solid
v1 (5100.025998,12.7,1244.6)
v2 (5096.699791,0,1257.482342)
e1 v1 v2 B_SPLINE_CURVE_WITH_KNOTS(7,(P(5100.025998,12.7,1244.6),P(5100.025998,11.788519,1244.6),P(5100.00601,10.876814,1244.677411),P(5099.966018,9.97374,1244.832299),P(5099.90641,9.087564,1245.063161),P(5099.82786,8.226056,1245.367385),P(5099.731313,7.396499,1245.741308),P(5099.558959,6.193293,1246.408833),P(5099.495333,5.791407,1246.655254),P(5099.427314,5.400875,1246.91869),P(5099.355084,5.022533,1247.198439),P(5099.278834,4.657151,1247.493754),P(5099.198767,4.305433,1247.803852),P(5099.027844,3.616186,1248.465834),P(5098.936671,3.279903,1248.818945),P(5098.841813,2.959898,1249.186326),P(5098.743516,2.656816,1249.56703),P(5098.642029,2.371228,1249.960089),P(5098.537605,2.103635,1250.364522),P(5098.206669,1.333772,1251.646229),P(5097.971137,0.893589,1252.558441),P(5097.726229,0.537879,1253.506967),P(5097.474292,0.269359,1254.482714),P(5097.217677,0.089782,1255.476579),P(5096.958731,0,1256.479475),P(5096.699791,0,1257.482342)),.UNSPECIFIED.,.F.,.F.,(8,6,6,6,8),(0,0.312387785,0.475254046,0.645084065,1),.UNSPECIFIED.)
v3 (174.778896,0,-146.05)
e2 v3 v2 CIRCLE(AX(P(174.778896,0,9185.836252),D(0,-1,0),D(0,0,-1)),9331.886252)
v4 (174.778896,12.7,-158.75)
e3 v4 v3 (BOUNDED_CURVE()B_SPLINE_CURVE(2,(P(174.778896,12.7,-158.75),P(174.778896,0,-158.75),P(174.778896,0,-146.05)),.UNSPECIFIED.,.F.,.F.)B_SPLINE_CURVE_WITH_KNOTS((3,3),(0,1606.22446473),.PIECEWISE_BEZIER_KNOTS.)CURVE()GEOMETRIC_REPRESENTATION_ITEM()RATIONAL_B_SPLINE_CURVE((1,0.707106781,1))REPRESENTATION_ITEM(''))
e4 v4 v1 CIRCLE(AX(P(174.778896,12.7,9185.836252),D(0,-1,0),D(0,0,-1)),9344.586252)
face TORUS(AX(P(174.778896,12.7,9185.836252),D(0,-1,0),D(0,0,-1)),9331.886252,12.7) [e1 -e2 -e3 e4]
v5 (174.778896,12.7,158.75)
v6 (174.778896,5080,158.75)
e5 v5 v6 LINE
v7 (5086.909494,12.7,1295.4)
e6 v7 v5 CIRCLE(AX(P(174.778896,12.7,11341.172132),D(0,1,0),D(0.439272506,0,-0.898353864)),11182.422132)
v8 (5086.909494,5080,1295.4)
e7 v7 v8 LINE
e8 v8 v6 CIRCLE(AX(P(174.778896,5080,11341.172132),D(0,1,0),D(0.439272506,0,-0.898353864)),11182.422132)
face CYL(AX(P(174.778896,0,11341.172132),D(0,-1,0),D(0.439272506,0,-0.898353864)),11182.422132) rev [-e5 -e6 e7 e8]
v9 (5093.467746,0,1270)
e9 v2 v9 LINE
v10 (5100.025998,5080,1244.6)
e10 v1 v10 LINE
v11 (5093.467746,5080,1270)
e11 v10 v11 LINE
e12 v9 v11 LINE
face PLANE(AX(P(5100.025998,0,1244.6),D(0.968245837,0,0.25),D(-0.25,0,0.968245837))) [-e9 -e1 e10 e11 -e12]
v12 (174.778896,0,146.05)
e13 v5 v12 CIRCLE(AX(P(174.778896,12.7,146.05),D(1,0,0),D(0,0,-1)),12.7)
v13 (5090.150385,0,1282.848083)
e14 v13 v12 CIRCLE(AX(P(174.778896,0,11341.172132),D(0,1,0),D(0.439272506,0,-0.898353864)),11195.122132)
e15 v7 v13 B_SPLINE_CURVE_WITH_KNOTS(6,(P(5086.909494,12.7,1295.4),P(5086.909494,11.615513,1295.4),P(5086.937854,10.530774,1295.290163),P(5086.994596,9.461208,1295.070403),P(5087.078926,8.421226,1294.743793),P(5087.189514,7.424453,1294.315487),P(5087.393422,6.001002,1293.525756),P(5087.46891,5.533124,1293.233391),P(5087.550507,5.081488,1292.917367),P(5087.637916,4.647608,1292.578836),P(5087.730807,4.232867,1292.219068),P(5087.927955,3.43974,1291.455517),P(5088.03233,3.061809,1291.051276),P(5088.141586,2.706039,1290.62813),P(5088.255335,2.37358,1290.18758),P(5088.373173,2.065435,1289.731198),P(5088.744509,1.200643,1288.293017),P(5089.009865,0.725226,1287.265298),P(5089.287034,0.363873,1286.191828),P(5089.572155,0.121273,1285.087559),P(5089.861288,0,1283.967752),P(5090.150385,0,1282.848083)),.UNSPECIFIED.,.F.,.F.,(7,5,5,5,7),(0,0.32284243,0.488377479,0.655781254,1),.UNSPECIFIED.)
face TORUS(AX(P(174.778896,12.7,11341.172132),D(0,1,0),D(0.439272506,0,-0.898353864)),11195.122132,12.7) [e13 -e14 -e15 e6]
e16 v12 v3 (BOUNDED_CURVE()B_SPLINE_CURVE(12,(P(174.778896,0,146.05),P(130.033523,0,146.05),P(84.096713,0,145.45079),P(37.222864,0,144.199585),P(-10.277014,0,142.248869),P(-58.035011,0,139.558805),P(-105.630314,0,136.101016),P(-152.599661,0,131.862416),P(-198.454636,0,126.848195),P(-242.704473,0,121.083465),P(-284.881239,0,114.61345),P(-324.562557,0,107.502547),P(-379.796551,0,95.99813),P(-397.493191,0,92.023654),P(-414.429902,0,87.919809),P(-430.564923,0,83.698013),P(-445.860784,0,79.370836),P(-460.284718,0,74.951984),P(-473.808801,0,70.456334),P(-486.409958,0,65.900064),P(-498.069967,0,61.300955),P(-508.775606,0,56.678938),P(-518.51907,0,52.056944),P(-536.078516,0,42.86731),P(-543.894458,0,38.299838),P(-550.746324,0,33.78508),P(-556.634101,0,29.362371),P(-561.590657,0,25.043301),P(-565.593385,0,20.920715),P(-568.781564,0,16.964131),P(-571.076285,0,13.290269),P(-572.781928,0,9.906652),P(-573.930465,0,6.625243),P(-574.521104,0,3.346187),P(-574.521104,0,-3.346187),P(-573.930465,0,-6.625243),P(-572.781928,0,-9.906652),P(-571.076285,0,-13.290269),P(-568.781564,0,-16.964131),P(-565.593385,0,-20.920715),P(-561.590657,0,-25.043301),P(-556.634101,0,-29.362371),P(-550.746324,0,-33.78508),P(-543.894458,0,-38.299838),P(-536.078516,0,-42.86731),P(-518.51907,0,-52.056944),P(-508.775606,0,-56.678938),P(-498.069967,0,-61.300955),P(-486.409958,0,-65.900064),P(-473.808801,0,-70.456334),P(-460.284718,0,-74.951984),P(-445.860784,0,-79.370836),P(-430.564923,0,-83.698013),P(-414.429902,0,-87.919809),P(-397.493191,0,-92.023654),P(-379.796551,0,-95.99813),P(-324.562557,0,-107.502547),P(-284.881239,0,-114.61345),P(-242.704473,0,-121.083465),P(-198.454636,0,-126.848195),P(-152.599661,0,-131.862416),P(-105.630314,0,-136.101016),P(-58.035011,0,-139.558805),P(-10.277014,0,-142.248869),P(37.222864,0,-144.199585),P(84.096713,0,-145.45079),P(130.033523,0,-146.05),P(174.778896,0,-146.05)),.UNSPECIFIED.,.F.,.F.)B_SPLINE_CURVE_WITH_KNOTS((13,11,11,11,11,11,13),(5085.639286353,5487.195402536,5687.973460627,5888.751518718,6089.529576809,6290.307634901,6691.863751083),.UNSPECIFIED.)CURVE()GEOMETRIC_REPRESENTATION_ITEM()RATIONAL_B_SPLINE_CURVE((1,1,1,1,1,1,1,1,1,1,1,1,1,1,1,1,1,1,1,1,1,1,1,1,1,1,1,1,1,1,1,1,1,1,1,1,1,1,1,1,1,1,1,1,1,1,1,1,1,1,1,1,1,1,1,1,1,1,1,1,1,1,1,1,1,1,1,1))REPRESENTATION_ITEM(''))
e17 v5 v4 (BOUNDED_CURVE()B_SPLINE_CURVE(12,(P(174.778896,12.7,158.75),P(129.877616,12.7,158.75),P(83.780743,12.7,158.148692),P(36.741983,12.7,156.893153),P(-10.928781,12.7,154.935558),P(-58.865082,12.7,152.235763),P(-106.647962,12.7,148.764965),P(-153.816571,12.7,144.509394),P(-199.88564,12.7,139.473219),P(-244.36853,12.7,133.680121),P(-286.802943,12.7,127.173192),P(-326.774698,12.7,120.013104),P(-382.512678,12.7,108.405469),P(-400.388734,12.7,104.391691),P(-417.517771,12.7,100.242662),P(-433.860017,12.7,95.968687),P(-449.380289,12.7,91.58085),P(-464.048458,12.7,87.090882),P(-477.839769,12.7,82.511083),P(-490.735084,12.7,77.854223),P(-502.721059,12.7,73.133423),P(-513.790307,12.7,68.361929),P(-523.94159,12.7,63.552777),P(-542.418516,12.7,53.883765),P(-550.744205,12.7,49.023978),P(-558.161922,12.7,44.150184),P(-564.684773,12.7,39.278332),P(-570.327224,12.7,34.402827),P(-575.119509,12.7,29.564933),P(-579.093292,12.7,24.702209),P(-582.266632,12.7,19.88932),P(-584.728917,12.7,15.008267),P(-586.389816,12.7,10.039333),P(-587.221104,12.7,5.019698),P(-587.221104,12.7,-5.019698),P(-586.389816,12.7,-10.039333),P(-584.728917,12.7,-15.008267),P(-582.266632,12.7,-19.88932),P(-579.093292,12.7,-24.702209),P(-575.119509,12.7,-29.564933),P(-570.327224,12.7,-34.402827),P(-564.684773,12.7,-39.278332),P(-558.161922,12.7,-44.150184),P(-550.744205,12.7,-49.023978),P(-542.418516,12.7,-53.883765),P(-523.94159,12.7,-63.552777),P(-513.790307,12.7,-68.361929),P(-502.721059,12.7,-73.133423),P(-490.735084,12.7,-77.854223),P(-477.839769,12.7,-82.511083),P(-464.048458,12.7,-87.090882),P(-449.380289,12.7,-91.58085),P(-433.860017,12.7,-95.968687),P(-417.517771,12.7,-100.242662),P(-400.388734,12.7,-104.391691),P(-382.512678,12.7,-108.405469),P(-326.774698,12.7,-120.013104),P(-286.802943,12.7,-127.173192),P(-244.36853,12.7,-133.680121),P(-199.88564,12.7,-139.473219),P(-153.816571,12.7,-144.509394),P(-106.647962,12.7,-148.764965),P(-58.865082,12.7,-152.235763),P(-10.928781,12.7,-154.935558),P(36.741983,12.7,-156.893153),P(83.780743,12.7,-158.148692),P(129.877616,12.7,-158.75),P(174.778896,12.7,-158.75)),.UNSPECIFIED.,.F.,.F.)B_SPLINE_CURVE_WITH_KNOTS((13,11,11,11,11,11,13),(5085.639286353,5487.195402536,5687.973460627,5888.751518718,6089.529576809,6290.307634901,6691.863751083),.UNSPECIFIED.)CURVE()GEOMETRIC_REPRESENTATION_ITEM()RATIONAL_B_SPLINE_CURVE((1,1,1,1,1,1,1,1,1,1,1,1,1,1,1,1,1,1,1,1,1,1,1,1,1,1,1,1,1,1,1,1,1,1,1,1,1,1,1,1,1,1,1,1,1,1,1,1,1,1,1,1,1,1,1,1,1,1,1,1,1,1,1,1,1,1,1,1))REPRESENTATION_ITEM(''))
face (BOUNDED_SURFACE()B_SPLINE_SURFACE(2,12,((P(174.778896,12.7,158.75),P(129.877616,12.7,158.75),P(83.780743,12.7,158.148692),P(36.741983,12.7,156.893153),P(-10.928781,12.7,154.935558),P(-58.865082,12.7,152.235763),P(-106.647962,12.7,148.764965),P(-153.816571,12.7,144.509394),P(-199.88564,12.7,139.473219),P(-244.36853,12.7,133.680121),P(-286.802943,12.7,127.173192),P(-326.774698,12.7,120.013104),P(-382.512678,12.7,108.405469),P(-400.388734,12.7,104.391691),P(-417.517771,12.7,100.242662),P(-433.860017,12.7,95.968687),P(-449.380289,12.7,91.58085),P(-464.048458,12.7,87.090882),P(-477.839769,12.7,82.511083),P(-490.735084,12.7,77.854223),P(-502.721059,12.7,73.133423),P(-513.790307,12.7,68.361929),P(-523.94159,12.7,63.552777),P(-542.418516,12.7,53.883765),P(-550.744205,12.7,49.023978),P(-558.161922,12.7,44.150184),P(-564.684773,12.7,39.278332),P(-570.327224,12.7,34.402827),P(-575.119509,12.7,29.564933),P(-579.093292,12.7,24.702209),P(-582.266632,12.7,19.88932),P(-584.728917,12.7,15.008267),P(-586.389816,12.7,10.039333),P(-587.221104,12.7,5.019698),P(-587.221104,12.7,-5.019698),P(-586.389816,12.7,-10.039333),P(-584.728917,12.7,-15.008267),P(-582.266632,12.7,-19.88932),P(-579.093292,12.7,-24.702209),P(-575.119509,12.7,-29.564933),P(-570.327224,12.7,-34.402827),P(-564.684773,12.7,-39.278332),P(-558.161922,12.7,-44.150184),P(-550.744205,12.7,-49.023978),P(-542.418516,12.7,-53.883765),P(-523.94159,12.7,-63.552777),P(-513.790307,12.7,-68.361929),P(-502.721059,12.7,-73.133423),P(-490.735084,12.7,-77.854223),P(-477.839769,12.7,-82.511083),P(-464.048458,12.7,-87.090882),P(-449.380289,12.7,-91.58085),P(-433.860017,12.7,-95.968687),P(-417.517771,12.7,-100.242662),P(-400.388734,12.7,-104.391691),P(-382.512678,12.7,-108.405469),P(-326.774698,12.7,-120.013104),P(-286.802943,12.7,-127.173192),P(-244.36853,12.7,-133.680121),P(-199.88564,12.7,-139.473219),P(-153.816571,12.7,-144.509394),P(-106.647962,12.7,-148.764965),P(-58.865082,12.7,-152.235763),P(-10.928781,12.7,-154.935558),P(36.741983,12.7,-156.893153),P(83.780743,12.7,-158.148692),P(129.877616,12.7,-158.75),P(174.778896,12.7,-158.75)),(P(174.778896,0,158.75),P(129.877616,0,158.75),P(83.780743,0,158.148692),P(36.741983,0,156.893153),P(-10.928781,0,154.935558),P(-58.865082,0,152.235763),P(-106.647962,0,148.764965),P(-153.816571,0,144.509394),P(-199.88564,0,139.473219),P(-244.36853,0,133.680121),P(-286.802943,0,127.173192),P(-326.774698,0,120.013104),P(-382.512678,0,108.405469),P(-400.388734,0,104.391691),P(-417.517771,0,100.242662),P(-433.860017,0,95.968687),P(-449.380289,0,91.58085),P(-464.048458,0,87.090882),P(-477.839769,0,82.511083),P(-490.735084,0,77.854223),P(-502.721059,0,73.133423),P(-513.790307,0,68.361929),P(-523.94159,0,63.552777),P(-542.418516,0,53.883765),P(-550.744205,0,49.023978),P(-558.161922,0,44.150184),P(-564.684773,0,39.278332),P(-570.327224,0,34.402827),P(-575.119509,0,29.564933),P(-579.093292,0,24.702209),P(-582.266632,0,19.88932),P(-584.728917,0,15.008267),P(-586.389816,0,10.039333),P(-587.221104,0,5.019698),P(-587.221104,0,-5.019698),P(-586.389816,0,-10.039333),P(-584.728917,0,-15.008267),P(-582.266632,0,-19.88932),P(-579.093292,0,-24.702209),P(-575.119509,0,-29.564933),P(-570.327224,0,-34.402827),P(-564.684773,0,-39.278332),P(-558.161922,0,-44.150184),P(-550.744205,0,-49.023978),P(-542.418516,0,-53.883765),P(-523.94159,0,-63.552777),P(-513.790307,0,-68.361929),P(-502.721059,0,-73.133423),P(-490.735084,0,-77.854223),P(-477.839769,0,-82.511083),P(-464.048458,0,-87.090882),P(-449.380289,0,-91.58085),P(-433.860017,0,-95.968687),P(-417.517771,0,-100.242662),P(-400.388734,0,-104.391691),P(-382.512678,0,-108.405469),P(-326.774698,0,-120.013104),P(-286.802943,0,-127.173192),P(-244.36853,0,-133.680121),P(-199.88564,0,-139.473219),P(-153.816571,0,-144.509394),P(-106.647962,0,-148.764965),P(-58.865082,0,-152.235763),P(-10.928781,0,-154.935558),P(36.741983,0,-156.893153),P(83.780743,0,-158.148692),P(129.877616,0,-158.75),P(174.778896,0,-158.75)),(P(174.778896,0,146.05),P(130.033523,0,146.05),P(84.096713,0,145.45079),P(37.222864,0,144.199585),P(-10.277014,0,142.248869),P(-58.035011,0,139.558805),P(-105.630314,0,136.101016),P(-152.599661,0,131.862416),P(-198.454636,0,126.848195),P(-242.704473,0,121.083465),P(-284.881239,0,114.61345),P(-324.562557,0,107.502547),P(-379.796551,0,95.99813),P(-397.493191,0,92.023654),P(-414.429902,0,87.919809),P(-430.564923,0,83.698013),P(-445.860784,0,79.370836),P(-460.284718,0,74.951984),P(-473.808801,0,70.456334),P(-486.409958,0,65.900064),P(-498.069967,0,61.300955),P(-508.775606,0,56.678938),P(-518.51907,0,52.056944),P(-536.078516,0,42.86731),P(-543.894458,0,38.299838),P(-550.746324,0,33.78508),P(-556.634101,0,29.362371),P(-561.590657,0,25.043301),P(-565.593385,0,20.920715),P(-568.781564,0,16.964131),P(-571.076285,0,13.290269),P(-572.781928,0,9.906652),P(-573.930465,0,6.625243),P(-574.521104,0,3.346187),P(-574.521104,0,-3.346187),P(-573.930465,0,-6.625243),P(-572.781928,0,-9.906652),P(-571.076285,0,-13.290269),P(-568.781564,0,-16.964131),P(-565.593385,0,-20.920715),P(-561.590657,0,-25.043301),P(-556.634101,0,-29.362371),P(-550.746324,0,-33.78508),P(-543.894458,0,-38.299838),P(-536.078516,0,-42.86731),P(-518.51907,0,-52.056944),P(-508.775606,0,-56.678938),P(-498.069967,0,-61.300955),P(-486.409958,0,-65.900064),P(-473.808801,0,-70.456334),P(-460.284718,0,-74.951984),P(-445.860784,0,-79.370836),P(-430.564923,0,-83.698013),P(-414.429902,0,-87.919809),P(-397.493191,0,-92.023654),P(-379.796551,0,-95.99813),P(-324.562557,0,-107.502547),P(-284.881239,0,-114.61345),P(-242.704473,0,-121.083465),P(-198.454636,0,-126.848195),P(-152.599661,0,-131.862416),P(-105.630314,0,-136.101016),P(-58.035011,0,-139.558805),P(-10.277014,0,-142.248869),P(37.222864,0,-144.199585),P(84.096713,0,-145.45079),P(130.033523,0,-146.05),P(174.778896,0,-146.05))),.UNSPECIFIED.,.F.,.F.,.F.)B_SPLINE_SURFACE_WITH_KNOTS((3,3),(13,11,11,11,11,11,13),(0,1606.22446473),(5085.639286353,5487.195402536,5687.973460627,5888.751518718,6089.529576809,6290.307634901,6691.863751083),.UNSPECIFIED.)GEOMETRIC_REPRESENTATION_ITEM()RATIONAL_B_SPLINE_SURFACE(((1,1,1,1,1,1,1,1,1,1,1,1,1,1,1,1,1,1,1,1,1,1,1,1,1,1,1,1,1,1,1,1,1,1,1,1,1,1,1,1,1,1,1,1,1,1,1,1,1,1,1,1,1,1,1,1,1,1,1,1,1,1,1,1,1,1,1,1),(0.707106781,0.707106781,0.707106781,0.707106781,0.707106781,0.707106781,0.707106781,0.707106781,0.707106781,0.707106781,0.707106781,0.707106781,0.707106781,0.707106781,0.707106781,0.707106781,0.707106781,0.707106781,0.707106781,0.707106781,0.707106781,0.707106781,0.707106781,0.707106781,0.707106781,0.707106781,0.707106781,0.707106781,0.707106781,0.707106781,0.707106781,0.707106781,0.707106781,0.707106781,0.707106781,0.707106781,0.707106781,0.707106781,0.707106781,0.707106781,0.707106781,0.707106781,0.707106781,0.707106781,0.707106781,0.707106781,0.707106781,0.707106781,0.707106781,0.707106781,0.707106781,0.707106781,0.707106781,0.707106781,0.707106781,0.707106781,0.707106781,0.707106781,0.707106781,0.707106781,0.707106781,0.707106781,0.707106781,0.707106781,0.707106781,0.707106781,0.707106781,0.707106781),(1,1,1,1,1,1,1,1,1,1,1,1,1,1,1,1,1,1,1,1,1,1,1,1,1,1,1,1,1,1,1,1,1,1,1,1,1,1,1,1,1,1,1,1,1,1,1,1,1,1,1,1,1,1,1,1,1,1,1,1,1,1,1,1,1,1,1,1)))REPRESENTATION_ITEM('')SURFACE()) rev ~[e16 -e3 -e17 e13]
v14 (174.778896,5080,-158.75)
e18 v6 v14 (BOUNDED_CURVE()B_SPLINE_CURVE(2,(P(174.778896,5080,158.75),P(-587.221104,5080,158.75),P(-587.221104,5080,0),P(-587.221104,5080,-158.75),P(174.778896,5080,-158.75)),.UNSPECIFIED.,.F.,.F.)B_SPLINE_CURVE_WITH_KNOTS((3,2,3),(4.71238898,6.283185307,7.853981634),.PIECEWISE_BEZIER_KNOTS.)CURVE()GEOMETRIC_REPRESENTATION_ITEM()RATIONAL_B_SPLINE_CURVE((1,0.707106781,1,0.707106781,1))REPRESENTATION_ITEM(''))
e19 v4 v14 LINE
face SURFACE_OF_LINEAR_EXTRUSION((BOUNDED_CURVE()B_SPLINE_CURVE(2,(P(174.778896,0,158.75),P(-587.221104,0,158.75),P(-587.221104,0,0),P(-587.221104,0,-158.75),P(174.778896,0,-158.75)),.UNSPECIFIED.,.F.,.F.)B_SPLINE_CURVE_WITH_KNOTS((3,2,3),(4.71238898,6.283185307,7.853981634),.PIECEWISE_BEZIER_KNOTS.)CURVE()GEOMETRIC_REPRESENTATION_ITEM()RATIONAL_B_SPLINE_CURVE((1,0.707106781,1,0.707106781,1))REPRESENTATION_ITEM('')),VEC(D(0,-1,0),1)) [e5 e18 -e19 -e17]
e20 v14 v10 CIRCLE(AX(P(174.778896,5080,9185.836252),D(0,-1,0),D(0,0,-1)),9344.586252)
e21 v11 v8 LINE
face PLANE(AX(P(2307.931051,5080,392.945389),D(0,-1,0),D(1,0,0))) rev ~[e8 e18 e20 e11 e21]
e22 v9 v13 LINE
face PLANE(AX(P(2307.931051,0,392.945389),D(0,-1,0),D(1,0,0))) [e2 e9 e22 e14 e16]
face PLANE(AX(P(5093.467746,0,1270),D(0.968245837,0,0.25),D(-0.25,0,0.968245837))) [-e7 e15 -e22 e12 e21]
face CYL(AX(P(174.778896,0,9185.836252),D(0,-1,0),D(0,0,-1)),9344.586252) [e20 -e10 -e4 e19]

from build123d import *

# Parameters (mm, degrees)
F1_DEPTH = 5080
F2_R     = 12.7


with BuildPart() as f1:
    # F0 (on Front) → F1 (new body)
    with BuildSketch(Plane.XZ):
        with BuildLine():
            ThreePointArc((5086.9094941625, 1295.4), (2695.7410257625, 446.6177730519), (174.7788962786, 158.75))
            add(Edge.make_bspline(
                [(174.7788962786, 158.75), (-587.2211037214, 158.75), (-587.2211037214, 0), (-587.2211037214, -158.75), (174.7788962786, -158.75)],
                knots=[4.7123889804, 4.7123889804, 4.7123889804, 6.2831853072, 6.2831853072, 7.853981634, 7.853981634, 7.853981634], degree=2, weights=[1, 0.7071067812, 1, 0.7071067812, 1]))
            ThreePointArc((174.7788962786, -158.75), (2735.4160354086, 198.9330221497), (5100.0259977616, 1244.6))
            Line((5100.0259977616, 1244.6), (5093.467745962, 1270))
            Line((5093.467745962, 1270), (5086.9094941625, 1295.4))
        make_face()
    extrude(amount=-F1_DEPTH)

    # F2
    f2_edges = [f1.edges().sort_by_distance(p)[0] for p in [
        (2695.741026, 0, 446.617773),
        (-587.221104, 0, 0),
        (2735.416035, 0, 198.933022),
    ]]
    fillet(f2_edges, radius=F2_R)


with BuildPart() as f3_1:
    # F3: copy of F1
    add(f1.part)


with BuildPart() as f5_1:
    # F5: copy of F1
    add(f1.part.moved(Location((0, 0, 993.14))))


solid = f1.part
